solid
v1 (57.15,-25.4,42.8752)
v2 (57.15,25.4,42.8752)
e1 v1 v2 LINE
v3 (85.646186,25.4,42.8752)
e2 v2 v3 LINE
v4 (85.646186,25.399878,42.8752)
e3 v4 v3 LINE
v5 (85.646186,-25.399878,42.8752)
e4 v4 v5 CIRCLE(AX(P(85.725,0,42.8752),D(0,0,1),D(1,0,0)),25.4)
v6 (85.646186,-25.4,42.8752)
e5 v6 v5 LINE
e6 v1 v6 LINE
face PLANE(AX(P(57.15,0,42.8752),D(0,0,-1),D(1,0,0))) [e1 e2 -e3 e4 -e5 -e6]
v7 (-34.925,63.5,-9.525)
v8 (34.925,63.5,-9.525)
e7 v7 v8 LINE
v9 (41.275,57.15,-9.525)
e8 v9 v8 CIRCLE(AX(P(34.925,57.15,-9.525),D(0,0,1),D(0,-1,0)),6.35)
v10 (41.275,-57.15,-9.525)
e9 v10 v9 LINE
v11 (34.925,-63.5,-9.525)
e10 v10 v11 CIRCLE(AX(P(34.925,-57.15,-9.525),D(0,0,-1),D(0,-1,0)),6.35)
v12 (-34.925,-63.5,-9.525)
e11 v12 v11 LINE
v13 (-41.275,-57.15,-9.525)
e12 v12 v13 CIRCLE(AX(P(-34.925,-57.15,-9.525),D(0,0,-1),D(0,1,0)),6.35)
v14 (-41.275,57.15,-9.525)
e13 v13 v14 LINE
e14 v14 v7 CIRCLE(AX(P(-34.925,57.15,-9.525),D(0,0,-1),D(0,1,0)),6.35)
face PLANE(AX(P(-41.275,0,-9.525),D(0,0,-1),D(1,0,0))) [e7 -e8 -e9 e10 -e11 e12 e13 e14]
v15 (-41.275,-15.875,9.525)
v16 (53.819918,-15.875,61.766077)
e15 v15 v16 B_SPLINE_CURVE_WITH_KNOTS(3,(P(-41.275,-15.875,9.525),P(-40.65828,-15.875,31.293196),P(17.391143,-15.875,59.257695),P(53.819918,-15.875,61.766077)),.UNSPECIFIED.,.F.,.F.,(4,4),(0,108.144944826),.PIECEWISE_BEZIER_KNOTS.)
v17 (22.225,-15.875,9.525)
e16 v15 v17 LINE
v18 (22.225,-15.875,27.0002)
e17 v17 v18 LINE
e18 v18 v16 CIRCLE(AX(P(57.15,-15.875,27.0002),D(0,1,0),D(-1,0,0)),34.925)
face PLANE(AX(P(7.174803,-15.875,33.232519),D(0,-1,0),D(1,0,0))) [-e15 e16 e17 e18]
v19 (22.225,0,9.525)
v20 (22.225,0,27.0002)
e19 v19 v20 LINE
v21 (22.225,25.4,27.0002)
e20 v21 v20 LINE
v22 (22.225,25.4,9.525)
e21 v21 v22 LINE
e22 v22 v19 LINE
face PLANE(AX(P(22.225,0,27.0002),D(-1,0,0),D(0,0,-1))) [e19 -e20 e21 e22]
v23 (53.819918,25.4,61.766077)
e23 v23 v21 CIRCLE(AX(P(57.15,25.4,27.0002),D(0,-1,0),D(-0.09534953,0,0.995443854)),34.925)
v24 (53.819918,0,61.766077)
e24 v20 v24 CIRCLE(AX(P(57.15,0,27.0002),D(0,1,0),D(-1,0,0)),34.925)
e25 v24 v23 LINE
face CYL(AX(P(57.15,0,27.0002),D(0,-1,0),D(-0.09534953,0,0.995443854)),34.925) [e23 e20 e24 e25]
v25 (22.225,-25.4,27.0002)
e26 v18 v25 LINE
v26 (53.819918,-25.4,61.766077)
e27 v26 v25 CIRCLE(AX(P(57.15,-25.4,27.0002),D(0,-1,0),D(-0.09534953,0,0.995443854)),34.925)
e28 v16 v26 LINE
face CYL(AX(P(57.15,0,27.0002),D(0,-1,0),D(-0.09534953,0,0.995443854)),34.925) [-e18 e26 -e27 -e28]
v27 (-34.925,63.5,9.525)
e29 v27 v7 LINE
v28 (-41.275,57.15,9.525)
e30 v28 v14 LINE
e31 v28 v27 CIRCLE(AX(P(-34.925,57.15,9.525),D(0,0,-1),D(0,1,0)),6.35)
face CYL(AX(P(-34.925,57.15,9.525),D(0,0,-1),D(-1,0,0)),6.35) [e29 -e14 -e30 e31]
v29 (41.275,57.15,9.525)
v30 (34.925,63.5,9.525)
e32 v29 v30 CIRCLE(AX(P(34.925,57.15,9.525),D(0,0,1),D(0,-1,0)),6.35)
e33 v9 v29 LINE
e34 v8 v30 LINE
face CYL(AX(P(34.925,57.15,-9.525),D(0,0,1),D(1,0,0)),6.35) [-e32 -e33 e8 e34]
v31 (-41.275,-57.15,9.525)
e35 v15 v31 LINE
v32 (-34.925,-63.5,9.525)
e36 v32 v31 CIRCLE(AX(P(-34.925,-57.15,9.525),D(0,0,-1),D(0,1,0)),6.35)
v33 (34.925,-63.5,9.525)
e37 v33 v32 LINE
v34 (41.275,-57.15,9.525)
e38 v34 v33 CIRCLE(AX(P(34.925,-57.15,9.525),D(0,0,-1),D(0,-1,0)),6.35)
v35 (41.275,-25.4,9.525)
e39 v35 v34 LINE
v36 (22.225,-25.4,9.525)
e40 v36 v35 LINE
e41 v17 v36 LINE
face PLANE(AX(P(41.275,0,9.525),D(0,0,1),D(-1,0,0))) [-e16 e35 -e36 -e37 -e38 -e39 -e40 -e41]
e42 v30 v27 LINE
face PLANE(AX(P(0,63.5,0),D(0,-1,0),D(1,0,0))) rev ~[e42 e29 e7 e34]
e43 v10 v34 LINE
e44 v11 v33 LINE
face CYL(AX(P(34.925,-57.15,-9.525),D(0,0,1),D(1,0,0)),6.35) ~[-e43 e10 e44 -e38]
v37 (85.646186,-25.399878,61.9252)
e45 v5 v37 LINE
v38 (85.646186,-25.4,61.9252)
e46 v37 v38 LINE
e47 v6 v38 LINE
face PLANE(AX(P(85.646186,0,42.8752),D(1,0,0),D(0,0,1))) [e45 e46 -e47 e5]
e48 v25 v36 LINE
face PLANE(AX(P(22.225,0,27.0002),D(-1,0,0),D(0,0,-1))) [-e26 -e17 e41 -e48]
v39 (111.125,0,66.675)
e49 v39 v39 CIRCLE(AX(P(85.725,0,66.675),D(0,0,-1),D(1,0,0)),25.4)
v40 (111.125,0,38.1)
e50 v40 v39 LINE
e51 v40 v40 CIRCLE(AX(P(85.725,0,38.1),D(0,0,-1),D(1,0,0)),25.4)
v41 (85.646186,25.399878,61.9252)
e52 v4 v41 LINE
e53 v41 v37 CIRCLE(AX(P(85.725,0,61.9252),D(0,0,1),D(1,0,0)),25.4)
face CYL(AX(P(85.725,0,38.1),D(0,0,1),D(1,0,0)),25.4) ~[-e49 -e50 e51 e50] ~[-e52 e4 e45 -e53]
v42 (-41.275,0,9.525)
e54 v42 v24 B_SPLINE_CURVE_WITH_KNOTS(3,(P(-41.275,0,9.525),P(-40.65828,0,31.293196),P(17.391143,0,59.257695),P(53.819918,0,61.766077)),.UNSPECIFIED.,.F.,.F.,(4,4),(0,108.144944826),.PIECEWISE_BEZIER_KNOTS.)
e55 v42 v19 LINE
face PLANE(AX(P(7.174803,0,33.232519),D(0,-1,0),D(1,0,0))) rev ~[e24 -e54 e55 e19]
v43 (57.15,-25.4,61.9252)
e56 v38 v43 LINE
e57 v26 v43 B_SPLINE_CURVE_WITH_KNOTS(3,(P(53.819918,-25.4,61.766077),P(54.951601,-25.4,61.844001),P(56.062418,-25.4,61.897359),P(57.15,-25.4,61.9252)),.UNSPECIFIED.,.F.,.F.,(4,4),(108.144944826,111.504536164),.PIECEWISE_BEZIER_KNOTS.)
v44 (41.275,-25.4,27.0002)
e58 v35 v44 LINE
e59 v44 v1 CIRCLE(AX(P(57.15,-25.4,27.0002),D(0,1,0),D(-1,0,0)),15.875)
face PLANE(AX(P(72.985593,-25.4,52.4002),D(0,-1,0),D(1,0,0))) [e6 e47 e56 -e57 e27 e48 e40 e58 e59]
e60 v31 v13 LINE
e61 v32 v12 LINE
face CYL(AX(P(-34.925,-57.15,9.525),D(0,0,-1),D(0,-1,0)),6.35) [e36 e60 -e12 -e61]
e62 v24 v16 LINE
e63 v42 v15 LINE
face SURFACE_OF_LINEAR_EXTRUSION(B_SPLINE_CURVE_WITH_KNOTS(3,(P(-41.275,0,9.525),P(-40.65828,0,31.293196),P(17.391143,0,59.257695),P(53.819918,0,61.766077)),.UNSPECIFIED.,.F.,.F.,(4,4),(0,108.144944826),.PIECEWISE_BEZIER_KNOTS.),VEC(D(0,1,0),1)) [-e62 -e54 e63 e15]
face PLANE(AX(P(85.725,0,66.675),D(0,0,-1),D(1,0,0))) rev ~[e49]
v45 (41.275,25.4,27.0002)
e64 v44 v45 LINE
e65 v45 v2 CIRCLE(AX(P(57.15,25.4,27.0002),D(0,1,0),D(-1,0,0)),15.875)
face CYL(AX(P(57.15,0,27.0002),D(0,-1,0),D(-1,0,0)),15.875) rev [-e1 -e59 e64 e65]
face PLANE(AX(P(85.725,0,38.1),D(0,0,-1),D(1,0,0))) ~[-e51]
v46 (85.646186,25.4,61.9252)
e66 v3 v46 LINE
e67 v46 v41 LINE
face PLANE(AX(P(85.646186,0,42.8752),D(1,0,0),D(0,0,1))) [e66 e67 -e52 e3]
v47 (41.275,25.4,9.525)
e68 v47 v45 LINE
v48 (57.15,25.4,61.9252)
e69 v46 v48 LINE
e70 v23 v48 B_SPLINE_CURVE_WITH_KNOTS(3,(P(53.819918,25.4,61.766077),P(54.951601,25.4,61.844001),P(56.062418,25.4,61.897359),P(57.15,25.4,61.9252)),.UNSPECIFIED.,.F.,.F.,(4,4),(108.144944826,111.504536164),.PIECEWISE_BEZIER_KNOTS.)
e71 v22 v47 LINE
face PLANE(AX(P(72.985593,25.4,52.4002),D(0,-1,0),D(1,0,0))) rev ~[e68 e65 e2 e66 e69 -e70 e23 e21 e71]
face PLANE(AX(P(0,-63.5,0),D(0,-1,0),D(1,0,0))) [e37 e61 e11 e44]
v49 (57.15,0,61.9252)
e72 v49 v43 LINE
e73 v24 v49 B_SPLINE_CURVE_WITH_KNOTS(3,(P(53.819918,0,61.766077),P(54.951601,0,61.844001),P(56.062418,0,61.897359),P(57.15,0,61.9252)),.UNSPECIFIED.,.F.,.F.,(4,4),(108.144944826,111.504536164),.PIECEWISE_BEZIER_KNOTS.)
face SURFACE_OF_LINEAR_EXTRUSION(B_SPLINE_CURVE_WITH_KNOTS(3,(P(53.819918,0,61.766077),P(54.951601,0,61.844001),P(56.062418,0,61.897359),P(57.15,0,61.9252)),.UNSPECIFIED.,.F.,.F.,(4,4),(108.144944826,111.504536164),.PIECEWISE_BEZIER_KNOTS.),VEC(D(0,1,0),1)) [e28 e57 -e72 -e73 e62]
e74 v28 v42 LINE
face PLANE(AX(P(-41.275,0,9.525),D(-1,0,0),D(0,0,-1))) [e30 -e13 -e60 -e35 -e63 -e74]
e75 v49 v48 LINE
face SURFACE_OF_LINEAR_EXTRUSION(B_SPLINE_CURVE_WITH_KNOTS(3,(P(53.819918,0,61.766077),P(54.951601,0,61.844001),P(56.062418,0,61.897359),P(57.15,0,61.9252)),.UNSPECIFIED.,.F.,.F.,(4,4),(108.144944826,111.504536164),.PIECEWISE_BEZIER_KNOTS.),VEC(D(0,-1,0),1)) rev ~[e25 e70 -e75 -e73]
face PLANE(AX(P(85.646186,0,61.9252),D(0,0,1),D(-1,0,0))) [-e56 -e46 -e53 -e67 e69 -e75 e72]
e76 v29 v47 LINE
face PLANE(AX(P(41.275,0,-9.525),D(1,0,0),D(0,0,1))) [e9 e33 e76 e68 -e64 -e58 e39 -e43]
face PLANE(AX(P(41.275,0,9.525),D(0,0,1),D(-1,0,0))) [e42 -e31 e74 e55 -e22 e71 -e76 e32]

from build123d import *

# Parameters (mm, degrees)
F1_DEPTH = 63.5
F0_W     = 25.3211855178
F0_H     = 19.05
F2_DEPTH = 25.4
F3_DEPTH = 15.875
F5_R     = 6.35


with BuildPart() as f1:
    # F0 (on Front) → F1 (new body, symmetric)
    with BuildSketch(Plane.XZ):
        Polygon((41.275, -9.525), (41.275, 9.525), (22.225, 9.525), (-41.275, 9.525), (-41.275, -9.525), align=None)
    extrude(amount=F1_DEPTH, both=True)

    # F0 (on Front) → F2 (join, symmetric)
    with BuildSketch(Plane.XZ):
        with Locations((72.9855927589, 52.4002)):
            Rectangle(F0_W, F0_H)
        with BuildLine():
            Line((22.225, 9.525), (41.275, 9.525))
            Line((41.275, 9.525), (41.275, 27.0002))
            ThreePointArc((41.275, 27.0002), (45.9246798487, 38.2255201513), (57.15, 42.8752))
            Line((57.15, 42.8752), (60.325, 42.8752))
            Line((60.325, 42.8752), (60.325, 61.9252))
            Line((60.325, 61.9252), (57.15, 61.9252))
            add(Edge.make_bspline(
                [(53.8199176635, 61.7660766125), (54.9516006508, 61.8440010886), (56.0624181193, 61.8973585375), (57.15, 61.9252)],
                knots=[108.144944826, 108.144944826, 108.144944826, 108.144944826, 111.5045361635, 111.5045361635, 111.5045361635, 111.5045361635], degree=3))
            ThreePointArc((53.8199176635, 61.7660766125), (31.3037357574, 50.4890537332), (22.225, 27.0002))
            Line((22.225, 27.0002), (22.225, 9.525))
        make_face()
    extrude(amount=F2_DEPTH, both=True)

    # F0 (on Front) → F3 (join)
    with BuildSketch(Plane.XZ):
        with BuildLine():
            Line((-41.275, 9.525), (22.225, 9.525))
            Line((22.225, 9.525), (22.225, 27.0002))
            ThreePointArc((22.225, 27.0002), (31.3037357574, 50.4890537332), (53.8199176635, 61.7660766125))
            add(Edge.make_bspline(
                [(-41.275, 9.525), (-40.6582798871, 31.2931964034), (17.3911434687, 59.2576946918), (53.8199176635, 61.7660766125)],
                knots=[0, 0, 0, 0, 108.144944826, 108.144944826, 108.144944826, 108.144944826], degree=3))
        make_face()
    extrude(amount=F3_DEPTH)

    # F0 (on Front) → F4 (revolve)
    with BuildSketch(Plane.XZ):
        Polygon((85.725, 52.3875), (85.725, 38.1), (111.125, 38.1), (111.125, 66.675), (85.725, 66.675), align=None)
    revolve(axis=Axis((85.725, 0, 52.3875), (0, 0, -1)))

    # F5
    f5_edges = [f1.edges().sort_by_distance(p)[0] for p in [
        (41.275, 63.5, 0),
        (-41.275, 63.5, 0),
        (41.275, -63.5, 0),
        (-41.275, -63.5, 0),
    ]]
    fillet(f5_edges, radius=F5_R)


solid = f1.part
